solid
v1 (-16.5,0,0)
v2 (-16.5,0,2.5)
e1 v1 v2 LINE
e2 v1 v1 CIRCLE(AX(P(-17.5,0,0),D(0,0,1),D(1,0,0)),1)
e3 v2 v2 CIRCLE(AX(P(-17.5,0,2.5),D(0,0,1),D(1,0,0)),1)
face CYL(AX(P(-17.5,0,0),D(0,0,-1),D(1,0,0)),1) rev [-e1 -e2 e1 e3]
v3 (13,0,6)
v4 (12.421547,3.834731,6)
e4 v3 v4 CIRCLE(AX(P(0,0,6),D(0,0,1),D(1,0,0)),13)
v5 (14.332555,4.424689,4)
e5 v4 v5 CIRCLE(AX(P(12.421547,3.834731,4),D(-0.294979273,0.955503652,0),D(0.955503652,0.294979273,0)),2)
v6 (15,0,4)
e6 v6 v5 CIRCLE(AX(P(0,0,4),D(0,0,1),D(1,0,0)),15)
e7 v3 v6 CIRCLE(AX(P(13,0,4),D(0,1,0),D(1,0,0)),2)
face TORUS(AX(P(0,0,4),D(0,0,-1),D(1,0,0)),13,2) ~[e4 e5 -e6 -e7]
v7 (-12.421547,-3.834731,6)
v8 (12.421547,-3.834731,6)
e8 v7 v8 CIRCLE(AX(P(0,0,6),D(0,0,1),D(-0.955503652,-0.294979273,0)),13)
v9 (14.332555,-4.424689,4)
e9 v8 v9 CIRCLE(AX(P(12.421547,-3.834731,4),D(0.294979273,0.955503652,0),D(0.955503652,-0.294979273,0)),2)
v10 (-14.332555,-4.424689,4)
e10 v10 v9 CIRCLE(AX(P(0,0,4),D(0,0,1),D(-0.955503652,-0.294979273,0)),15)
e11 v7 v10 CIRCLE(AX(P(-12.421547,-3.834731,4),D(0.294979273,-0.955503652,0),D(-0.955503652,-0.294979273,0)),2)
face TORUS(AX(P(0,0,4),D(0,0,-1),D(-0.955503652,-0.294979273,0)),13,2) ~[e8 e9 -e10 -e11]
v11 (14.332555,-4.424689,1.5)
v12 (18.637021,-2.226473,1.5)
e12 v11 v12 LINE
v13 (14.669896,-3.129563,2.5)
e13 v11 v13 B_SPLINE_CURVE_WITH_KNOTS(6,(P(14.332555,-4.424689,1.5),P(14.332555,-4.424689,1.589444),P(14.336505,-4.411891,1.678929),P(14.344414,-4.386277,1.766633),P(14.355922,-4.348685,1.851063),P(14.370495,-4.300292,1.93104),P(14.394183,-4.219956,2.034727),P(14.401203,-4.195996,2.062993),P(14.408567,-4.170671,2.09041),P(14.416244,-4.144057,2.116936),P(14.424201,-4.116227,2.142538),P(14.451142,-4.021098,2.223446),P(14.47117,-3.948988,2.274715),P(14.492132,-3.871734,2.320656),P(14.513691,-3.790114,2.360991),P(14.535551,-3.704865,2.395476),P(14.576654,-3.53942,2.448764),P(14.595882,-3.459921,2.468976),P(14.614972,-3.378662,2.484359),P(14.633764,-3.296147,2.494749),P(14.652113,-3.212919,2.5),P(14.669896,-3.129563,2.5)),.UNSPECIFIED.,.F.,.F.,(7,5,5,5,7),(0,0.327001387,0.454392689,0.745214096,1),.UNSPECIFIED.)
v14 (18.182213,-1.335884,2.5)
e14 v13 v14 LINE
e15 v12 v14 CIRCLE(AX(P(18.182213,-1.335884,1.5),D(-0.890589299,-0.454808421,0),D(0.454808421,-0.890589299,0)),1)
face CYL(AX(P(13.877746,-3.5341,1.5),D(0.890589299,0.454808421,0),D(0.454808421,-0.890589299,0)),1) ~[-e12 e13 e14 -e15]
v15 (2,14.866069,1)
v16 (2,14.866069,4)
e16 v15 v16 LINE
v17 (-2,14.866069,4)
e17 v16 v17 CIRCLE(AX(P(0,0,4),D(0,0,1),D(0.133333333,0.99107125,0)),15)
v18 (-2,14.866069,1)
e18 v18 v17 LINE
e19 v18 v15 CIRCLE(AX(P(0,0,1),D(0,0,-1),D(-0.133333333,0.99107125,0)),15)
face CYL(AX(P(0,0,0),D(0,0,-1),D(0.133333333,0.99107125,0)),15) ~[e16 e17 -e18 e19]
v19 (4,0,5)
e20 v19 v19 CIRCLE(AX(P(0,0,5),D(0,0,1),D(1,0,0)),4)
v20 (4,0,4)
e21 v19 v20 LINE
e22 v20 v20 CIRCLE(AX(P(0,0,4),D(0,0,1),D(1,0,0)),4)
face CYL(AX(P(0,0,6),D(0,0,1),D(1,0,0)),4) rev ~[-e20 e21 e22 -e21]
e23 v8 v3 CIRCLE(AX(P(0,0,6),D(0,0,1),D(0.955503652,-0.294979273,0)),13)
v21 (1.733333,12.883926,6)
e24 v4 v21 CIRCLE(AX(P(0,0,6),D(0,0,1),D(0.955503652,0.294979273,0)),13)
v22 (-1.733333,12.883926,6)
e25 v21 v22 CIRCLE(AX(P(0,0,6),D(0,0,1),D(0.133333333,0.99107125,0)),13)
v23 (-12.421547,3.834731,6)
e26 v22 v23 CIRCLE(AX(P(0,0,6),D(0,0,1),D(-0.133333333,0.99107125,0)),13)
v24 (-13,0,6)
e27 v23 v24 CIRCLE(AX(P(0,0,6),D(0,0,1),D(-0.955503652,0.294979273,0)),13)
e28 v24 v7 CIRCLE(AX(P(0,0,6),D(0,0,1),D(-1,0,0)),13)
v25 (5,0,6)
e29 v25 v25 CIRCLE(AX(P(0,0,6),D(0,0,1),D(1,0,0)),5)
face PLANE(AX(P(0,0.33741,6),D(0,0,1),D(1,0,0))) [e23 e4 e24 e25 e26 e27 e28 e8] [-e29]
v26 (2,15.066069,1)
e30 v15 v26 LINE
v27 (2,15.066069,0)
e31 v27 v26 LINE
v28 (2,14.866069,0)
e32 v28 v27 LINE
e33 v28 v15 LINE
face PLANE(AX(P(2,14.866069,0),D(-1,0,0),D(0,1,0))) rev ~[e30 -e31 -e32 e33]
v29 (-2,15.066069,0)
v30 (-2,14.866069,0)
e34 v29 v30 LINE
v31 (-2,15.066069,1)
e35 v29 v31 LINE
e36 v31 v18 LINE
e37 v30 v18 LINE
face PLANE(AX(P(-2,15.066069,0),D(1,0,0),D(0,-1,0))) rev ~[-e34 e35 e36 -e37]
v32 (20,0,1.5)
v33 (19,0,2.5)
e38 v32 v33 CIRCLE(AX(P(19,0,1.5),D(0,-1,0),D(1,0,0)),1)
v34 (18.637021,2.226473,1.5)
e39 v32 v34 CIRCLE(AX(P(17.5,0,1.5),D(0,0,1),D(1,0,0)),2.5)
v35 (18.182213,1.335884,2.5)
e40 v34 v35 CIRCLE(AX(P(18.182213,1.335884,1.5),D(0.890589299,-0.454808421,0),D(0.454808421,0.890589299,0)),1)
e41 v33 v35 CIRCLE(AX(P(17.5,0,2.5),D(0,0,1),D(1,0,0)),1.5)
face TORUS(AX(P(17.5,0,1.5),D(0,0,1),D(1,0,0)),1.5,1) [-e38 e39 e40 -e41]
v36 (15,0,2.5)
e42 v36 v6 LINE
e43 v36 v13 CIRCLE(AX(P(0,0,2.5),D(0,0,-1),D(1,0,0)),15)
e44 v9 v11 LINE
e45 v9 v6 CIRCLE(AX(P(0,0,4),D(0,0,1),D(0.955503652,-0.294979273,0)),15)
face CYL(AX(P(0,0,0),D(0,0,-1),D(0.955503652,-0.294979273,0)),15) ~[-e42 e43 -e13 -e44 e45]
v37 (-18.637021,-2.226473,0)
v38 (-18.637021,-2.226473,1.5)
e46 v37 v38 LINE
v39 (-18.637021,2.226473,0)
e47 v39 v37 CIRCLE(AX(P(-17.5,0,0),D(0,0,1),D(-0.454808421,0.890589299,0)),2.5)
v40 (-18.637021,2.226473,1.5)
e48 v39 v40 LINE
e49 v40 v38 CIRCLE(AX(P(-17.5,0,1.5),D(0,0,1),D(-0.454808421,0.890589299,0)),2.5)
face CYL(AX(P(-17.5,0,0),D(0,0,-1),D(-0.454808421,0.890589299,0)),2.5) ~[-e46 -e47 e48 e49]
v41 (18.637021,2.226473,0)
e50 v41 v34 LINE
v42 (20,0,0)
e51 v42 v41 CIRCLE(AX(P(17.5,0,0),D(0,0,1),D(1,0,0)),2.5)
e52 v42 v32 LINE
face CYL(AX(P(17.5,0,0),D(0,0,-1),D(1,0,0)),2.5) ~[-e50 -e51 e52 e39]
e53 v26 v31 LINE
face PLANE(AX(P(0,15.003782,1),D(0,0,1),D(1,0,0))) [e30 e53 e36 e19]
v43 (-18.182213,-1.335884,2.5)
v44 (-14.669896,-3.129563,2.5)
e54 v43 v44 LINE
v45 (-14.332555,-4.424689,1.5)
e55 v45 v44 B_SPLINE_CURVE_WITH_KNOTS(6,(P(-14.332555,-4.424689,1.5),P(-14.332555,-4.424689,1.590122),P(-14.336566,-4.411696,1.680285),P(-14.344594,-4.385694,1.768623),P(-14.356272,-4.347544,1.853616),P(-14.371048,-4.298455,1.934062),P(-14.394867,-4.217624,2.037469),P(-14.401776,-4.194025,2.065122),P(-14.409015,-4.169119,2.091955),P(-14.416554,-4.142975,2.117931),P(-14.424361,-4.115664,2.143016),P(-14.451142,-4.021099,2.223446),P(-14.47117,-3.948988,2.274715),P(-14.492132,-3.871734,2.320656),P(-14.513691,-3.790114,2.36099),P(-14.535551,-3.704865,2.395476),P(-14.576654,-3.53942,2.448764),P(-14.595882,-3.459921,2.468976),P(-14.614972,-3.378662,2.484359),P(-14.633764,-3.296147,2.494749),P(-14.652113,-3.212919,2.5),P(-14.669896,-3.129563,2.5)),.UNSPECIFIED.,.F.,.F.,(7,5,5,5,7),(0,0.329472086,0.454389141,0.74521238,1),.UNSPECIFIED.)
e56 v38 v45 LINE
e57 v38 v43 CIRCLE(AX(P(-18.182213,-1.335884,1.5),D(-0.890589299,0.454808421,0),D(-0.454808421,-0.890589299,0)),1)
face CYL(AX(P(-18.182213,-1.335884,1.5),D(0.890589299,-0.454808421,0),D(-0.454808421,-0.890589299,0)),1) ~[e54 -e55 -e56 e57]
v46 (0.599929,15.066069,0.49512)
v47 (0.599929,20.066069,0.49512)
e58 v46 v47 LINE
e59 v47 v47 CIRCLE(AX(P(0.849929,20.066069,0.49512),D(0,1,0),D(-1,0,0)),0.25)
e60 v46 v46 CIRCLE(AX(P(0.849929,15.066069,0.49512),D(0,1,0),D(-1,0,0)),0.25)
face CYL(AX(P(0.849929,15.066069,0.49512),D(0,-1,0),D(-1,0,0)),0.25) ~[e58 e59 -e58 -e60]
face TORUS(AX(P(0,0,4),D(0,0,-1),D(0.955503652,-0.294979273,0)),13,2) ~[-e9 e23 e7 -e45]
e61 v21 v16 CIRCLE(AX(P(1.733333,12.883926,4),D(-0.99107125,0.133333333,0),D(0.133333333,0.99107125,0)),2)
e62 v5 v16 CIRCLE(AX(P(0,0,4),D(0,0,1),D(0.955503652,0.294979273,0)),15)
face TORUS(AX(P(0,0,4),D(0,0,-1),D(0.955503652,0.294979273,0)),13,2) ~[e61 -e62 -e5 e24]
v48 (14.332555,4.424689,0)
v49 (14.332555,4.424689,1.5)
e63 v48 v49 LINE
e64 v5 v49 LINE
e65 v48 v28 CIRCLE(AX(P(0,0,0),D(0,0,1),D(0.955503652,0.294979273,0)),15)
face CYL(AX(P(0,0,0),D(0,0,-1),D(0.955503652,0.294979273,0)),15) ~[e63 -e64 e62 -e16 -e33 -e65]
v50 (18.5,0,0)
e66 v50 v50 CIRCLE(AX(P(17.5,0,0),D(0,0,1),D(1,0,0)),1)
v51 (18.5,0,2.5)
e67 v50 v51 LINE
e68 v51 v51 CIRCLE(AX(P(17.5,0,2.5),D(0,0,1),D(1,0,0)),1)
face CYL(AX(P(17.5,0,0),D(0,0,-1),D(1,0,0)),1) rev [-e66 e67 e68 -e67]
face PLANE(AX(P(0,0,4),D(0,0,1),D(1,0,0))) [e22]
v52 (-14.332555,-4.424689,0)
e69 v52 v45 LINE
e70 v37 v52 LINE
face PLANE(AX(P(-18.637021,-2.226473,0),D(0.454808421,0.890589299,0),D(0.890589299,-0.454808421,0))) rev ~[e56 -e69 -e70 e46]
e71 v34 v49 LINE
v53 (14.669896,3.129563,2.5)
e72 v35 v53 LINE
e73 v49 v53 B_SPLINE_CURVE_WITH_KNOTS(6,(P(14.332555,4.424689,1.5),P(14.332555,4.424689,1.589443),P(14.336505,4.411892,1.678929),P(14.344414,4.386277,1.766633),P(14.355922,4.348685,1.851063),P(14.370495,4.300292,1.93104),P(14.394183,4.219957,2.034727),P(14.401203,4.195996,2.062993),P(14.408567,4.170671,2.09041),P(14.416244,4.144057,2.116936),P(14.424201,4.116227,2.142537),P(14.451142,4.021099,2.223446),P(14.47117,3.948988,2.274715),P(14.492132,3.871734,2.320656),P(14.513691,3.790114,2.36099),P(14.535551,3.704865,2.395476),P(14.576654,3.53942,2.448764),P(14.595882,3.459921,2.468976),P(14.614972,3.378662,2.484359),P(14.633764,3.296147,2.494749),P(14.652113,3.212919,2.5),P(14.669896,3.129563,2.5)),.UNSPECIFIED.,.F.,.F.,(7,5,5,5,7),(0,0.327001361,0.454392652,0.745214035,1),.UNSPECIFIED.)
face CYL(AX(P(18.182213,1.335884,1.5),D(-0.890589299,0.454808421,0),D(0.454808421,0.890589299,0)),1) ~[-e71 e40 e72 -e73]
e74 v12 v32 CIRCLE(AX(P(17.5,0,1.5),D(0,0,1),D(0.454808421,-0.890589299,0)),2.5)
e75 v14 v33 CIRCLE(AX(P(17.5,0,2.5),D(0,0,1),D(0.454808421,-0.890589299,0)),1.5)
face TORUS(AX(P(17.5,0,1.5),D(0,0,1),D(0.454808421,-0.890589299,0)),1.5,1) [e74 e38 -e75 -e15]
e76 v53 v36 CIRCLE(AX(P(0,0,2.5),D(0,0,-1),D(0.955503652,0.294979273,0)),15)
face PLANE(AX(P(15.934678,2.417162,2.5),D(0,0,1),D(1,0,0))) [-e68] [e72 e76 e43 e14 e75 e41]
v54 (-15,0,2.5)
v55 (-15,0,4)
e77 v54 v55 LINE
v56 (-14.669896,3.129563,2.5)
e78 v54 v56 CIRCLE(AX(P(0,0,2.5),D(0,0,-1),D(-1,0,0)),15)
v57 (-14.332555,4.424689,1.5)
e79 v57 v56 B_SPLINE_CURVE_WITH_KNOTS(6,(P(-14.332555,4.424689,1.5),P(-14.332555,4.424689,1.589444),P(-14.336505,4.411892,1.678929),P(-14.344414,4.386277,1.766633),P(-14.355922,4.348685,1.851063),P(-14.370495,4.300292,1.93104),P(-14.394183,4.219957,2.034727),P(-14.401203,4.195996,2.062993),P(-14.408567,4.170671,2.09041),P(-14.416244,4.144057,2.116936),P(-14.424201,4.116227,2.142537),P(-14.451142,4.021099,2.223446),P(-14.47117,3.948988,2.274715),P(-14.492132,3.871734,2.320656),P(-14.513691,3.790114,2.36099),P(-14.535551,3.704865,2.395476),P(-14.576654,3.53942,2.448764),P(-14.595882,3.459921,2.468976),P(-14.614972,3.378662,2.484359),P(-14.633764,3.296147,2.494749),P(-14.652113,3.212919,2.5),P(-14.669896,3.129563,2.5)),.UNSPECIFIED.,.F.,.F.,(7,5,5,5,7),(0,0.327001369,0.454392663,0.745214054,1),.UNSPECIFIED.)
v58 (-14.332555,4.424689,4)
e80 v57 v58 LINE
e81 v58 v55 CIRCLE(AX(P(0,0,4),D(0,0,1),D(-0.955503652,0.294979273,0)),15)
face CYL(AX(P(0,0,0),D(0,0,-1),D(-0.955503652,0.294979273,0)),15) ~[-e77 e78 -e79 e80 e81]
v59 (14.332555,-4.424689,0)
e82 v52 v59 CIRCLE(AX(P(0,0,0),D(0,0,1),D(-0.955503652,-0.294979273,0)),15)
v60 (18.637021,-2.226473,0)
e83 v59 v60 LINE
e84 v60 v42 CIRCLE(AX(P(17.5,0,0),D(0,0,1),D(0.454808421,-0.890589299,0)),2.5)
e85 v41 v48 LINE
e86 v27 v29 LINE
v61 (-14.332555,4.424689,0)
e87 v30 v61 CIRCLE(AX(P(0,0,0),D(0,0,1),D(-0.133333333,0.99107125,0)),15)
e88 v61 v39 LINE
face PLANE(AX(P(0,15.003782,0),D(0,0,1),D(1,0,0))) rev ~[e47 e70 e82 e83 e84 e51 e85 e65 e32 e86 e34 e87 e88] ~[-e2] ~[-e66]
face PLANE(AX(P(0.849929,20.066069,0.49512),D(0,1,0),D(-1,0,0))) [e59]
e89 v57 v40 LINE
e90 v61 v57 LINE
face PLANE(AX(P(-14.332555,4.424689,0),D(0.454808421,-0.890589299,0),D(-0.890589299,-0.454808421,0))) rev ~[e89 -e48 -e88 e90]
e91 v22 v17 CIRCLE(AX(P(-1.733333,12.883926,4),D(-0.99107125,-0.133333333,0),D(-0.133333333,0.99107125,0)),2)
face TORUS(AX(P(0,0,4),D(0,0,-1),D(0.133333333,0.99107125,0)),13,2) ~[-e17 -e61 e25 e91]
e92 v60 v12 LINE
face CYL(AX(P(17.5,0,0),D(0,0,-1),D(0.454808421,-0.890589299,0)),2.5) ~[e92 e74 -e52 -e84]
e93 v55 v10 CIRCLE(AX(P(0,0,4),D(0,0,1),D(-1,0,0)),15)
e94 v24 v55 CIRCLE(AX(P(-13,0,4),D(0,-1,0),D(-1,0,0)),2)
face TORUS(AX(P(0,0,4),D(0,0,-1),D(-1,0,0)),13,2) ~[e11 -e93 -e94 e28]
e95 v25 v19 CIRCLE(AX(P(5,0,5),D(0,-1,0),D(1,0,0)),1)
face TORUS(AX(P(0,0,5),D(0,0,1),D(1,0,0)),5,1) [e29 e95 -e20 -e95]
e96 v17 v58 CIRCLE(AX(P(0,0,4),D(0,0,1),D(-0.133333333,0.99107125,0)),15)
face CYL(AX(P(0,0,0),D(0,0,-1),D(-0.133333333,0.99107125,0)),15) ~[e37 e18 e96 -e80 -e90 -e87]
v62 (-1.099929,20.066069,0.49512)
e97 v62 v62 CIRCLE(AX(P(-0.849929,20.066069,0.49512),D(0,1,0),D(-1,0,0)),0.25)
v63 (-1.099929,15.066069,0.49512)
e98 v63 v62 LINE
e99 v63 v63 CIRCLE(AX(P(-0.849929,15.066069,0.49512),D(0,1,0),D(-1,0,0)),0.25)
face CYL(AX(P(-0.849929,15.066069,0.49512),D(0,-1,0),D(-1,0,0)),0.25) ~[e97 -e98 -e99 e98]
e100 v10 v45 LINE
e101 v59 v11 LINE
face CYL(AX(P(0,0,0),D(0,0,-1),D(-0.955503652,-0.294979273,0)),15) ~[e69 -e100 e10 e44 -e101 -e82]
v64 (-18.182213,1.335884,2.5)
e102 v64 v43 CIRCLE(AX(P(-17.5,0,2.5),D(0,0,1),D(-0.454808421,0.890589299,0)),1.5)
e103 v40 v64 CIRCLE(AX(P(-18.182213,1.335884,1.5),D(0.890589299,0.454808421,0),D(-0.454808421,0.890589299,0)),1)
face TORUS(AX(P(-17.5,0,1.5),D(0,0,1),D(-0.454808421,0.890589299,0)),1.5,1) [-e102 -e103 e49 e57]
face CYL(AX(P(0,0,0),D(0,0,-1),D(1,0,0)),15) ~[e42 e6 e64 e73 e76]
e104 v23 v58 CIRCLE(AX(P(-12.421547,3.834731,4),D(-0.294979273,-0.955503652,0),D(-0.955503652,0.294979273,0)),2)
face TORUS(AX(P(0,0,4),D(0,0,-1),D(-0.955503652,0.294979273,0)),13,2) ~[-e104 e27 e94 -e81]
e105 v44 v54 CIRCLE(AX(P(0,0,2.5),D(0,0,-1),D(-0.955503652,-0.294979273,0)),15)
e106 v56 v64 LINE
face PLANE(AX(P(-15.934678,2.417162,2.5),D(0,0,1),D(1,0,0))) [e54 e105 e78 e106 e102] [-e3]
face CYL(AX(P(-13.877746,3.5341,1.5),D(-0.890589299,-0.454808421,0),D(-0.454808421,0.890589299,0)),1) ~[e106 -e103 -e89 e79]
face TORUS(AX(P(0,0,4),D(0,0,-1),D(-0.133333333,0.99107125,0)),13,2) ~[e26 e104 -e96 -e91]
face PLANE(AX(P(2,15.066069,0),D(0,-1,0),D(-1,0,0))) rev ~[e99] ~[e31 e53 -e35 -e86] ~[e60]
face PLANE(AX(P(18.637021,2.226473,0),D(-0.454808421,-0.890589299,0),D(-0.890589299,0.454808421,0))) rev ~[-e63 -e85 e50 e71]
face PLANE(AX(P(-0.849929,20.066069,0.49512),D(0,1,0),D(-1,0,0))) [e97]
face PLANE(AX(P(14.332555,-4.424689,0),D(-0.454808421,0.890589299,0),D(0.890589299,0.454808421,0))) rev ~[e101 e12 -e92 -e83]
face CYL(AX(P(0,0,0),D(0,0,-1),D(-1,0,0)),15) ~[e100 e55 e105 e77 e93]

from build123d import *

# Parameters (mm, degrees)
F1_DEPTH = 6
F0_R     = 1
F2_DEPTH = 2.5
F3_R     = 4
F4_DEPTH = 2
F5_R     = 2
F6_DEPTH = 1
F7_R     = 0.25
F8_DEPTH = 5
F9_R     = 1


with BuildPart() as f1:
    # F0 (on Top) → F1 (new body)
    with BuildSketch(Plane.XY):
        with BuildLine():
            ThreePointArc((14.3325547763, -4.4246890947), (14.8322001342, -2.2373732764), (15, 0))
            ThreePointArc((15, 0), (14.8322001342, 2.2373732764), (14.3325547763, 4.4246890947))
            ThreePointArc((14.3325547763, 4.4246890947), (9.6924552433, 11.447982851), (2, 14.8660687473))
            ThreePointArc((2, 14.8660687473), (0, 15), (-2, 14.8660687473))
            ThreePointArc((-2, 14.8660687473), (-9.6924552433, 11.447982851), (-14.3325547763, 4.4246890947))
            ThreePointArc((-14.3325547763, 4.4246890947), (-14.8322001342, 2.2373732764), (-15, 0))
            ThreePointArc((-15, 0), (-14.8322001342, -2.2373732764), (-14.3325547763, -4.4246890947))
            ThreePointArc((-14.3325547763, -4.4246890947), (0, -15), (14.3325547763, -4.4246890947))
        make_face()
    extrude(amount=F1_DEPTH)

    # F0 (on Top) → F2 (join)
    with BuildSketch(Plane.XY):
        with BuildLine():
            ThreePointArc((-18.6370210525, 2.2264732485), (-16.1947323323, 2.132199877), (-15, 0))
            ThreePointArc((-15, 0), (-14.8322001342, 2.2373732764), (-14.3325547763, 4.4246890947))
            Line((-14.3325547763, 4.4246890947), (-18.6370210525, 2.2264732485))
        make_face()
        with BuildLine():
            ThreePointArc((-18.6370210525, -2.2264732485), (-16.1947323323, -2.132199877), (-15, 0))
            ThreePointArc((-15, 0), (-16.1947323323, 2.132199877), (-18.6370210525, 2.2264732485))
            ThreePointArc((-18.6370210525, 2.2264732485), (-20, 0), (-18.6370210525, -2.2264732485))
        make_face()
        with Locations((-17.5, 0)):
            Circle(F0_R, mode=Mode.SUBTRACT)
        with BuildLine():
            ThreePointArc((14.3325547763, 4.4246890947), (14.8322001342, 2.2373732764), (15, 0))
            ThreePointArc((15, 0), (16.1947323323, 2.132199877), (18.6370210525, 2.2264732485))
            Line((18.6370210525, 2.2264732485), (14.3325547763, 4.4246890947))
        make_face()
        with BuildLine():
            ThreePointArc((18.6370210525, 2.2264732485), (16.1947323323, 2.132199877), (15, 0))
            ThreePointArc((15, 0), (16.1947323323, -2.132199877), (18.6370210525, -2.2264732485))
            ThreePointArc((18.6370210525, -2.2264732485), (19.632199877, -1.3052676677), (20, 0))
            ThreePointArc((20, 0), (19.632199877, 1.3052676677), (18.6370210525, 2.2264732485))
        make_face()
        with Locations((17.5, 0)):
            Circle(F0_R, mode=Mode.SUBTRACT)
        with BuildLine():
            ThreePointArc((18.6370210525, -2.2264732485), (16.1947323323, -2.132199877), (15, 0))
            ThreePointArc((15, 0), (14.8322001342, -2.2373732764), (14.3325547763, -4.4246890947))
            Line((14.3325547763, -4.4246890947), (18.6370210525, -2.2264732485))
        make_face()
        with BuildLine():
            Line((-18.6370210525, -2.2264732485), (-14.3325547763, -4.4246890947))
            ThreePointArc((-14.3325547763, -4.4246890947), (-14.8322001342, -2.2373732764), (-15, 0))
            ThreePointArc((-15, 0), (-16.1947323323, -2.132199877), (-18.6370210525, -2.2264732485))
        make_face()
    extrude(amount=F2_DEPTH)

    # F3 (on face) → F4 (cut)
    with BuildSketch(Plane.XY.offset(6)):
        Circle(F3_R)
    extrude(amount=-F4_DEPTH, mode=Mode.SUBTRACT)

    # F5
    f5_edges = [f1.edges().sort_by_distance(p)[0] for p in [
        (15, 0, 6),
    ]]
    fillet(f5_edges, radius=F5_R)

    # F0 (on Top) → F6 (join)
    with BuildSketch(Plane.XY):
        with BuildLine():
            ThreePointArc((-2, 14.8660687473), (0, 15), (2, 14.8660687473))
            Line((2, 14.8660687473), (2, 15.0660687473))
            Line((2, 15.0660687473), (0, 15.0660687473))
            Line((0, 15.0660687473), (-2, 15.0660687473))
            Line((-2, 15.0660687473), (-2, 14.8660687473))
        make_face()
    extrude(amount=F6_DEPTH)

    # F7 (on face) → F8 (join)
    with BuildSketch(Plane(origin=(0, 15.0660687473, 0), x_dir=(-1, 0, 0), z_dir=(0, 1, 0))):
        with Locations((-0.8499287069, 0.4951201845)):
            Circle(F7_R)
        with Locations((0.8499287069, 0.4951201845)):
            Circle(F7_R)
    extrude(amount=F8_DEPTH)

    # F9
    f9_edges = [f1.edges().sort_by_distance(p)[0] for p in [
        (16.484788, -3.325581, 2.5),
        (-16.484788, 3.325581, 2.5),
        (-4, 0, 6),
    ]]
    fillet(f9_edges, radius=F9_R)


solid = f1.part
